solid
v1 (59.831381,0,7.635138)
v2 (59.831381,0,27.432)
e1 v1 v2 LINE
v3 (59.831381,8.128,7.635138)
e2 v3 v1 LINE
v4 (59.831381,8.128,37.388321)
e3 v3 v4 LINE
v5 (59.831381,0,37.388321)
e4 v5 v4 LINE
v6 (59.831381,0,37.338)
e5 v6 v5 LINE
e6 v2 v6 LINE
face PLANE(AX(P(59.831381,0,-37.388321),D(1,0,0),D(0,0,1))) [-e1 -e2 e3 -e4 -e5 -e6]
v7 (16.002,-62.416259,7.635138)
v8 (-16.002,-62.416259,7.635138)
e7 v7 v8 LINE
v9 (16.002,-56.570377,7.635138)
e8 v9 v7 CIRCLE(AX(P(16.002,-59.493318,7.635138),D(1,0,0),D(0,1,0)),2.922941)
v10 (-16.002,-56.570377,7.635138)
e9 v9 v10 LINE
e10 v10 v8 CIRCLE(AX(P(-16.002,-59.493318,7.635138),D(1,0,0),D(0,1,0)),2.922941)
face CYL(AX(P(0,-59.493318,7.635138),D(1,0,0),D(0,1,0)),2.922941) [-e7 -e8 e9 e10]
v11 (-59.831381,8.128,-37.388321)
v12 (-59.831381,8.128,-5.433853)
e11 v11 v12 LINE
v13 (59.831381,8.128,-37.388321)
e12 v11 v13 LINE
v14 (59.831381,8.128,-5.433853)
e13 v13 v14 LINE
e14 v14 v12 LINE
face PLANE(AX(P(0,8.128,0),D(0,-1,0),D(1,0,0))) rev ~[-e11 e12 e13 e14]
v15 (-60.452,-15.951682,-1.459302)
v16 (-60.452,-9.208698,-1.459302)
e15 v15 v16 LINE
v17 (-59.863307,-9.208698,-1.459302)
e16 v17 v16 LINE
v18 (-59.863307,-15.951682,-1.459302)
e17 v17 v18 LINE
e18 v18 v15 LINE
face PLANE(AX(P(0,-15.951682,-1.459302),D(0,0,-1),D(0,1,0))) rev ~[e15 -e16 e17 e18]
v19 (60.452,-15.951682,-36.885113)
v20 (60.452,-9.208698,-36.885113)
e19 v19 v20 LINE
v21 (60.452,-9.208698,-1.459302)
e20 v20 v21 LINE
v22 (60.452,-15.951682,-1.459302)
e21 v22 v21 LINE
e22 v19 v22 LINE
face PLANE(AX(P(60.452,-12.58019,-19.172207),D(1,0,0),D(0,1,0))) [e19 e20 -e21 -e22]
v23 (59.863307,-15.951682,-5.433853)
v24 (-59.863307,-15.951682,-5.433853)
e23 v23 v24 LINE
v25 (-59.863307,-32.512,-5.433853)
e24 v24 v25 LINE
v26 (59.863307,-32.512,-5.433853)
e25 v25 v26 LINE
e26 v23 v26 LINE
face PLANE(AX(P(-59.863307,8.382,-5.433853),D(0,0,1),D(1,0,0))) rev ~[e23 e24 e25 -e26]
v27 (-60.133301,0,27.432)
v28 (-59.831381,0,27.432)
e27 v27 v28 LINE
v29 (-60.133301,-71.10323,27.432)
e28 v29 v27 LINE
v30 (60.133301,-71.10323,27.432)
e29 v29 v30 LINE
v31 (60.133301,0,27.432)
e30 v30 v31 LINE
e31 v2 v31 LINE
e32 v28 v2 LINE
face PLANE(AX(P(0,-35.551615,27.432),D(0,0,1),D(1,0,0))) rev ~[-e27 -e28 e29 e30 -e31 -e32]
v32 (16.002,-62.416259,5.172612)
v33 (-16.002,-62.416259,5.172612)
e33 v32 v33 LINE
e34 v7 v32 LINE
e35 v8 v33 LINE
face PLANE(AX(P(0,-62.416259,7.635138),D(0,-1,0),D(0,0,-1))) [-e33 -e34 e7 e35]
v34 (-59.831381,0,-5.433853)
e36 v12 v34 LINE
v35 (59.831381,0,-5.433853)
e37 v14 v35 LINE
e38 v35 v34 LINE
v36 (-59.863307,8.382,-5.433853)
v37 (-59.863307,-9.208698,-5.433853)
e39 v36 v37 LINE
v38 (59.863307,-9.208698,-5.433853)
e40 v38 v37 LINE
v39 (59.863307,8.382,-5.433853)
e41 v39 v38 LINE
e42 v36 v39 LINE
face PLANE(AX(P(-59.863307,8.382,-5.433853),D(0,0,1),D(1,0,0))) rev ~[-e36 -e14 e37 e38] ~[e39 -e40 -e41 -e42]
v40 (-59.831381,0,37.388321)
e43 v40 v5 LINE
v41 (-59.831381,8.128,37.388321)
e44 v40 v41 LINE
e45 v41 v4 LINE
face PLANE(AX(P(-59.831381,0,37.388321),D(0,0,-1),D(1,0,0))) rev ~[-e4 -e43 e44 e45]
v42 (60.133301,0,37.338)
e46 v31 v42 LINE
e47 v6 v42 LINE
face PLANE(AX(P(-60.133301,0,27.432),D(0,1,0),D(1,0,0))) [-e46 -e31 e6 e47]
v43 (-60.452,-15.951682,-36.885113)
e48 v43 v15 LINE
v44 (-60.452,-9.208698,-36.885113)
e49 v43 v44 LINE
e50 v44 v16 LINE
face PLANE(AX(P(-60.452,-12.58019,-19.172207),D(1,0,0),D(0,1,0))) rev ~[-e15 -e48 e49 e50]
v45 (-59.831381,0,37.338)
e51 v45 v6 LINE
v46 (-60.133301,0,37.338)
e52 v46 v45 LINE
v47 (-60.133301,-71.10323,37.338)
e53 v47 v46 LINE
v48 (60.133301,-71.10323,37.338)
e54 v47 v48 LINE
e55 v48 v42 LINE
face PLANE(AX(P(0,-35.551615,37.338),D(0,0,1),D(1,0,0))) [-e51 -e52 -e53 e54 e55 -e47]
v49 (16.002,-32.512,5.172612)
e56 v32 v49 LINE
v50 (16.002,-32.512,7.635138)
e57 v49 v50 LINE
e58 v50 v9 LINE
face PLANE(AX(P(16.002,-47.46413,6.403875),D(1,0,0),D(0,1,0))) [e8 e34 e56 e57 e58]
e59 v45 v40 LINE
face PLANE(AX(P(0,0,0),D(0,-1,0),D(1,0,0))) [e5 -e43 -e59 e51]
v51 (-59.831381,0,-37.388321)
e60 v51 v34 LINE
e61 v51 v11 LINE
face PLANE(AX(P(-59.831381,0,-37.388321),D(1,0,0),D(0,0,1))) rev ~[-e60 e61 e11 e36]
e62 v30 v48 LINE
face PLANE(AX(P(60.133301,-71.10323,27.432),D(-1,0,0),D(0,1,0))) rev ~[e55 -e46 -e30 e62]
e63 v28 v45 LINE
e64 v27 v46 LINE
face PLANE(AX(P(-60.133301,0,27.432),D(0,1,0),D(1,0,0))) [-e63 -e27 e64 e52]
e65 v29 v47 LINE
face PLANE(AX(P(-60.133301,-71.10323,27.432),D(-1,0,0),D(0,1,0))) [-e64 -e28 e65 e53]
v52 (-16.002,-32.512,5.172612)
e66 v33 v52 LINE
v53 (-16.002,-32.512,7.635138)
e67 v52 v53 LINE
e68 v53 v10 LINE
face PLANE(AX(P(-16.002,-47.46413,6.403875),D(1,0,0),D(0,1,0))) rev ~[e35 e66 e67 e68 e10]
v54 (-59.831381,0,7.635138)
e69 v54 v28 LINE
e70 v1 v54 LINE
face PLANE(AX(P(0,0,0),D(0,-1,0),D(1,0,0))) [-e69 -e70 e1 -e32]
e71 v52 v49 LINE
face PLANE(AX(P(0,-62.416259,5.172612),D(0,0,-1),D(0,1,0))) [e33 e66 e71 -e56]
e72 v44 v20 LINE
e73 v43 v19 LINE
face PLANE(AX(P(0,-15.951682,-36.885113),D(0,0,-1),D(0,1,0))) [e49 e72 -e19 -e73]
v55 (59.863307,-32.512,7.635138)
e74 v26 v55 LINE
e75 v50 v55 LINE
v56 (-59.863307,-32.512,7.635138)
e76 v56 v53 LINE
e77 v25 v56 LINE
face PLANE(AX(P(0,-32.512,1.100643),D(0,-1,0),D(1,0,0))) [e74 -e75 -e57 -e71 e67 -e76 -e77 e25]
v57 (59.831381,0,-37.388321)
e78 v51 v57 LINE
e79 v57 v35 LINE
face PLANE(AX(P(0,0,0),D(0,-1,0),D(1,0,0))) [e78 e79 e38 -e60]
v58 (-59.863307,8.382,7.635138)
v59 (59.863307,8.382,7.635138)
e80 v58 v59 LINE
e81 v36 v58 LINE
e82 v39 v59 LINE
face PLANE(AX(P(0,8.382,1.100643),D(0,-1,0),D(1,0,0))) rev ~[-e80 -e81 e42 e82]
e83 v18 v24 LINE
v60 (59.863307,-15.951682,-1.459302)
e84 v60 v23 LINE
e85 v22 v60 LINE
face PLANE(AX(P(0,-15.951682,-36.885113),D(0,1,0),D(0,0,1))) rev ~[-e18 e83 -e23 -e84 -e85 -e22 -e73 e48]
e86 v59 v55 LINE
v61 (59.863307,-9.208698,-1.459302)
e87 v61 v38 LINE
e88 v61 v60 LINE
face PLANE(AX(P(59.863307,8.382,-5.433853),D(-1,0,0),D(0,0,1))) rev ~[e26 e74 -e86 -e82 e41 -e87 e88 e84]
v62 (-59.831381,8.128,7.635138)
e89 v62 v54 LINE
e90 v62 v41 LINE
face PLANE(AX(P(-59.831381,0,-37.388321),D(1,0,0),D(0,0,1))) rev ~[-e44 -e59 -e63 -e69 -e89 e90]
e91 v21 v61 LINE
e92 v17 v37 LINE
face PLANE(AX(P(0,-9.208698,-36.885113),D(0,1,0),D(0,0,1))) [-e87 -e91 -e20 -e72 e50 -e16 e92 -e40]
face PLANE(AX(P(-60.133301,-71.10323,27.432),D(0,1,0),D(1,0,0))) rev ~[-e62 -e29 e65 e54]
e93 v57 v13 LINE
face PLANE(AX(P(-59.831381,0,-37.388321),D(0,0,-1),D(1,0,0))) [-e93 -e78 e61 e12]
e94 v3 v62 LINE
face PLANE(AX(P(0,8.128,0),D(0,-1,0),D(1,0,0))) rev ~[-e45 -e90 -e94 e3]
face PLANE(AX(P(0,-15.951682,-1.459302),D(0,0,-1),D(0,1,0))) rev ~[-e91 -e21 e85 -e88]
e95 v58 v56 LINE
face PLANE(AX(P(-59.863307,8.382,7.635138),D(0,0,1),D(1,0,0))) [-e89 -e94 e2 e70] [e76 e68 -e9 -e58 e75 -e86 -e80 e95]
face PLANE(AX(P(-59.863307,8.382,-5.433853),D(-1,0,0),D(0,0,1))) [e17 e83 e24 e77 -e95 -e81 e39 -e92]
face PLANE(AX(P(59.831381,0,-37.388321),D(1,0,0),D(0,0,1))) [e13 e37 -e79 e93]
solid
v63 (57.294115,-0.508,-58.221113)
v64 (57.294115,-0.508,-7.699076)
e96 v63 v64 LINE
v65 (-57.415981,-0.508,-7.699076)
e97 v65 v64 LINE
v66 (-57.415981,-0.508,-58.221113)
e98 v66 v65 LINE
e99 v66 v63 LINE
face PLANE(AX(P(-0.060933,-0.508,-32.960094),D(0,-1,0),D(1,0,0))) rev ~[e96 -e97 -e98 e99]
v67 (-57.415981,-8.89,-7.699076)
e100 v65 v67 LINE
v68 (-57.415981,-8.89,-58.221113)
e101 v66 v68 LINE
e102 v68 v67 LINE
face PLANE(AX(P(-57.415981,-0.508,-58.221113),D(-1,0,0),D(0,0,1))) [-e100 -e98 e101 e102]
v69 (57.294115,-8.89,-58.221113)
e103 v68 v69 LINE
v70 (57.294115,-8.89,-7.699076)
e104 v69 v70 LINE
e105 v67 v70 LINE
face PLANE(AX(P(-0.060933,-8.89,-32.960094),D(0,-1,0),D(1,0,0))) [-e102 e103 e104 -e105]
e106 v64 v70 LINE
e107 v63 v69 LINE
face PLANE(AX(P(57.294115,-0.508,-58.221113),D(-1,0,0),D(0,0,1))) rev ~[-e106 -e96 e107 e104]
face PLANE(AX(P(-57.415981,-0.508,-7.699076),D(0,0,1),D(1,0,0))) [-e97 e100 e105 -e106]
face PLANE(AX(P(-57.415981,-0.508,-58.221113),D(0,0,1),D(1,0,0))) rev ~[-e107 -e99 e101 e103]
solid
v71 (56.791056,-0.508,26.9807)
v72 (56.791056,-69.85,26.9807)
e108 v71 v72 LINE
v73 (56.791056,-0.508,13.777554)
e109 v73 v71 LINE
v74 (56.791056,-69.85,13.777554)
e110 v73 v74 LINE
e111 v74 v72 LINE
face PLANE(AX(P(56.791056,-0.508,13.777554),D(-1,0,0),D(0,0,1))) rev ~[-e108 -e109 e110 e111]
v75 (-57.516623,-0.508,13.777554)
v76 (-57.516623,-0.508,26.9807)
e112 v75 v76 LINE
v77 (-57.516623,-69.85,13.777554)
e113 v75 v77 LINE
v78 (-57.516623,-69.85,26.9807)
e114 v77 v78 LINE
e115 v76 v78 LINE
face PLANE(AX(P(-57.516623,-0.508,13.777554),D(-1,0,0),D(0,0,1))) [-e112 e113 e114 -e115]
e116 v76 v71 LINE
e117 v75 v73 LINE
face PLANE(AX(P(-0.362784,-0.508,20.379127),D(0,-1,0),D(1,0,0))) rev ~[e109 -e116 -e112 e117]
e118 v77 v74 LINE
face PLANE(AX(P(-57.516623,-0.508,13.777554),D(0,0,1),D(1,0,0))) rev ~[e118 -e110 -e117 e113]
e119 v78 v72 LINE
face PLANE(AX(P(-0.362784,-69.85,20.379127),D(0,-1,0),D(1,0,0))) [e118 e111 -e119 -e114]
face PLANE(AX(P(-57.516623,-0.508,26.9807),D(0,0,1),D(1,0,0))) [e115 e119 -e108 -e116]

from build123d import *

# Parameters (mm, degrees)
F0_W      = 119.6627616882
F0_H      = 74.7766420245
F1_DEPTH  = 8.128
F3_W      = 119.7266131639
F3_H      = 13.0689910729
F4_DEPTH  = 40.894
F5_W      = 6.7429840565
F5_H      = 35.425810609
F6_DEPTH  = 60.452
F8_START  = 27.432
F7_W      = 120.2666014433
F7_H      = 71.1032301188
F8_DEPTH  = 9.906
F10_START = 0.508
F9_W      = 114.7100962698
F9_H      = 50.5220373161
F10_DEPTH = 8.382
F12_START = 0.508
F11_W     = 114.3076792359
F11_H     = 13.2031459361
F12_DEPTH = 69.342
F14_DEPTH = 16.002


with BuildPart() as f1:
    # F0 (on Front) → F1 (new body)
    with BuildSketch(Plane.XZ):
        Rectangle(F0_W, F0_H)
    extrude(amount=-F1_DEPTH)

    # F3 (on offset) → F4 (join)
    with BuildSketch(Plane.XZ.offset(-8.382)):
        with Locations((0, 1.1006427521)):
            Rectangle(F3_W, F3_H)
    extrude(amount=F4_DEPTH)

    # F5 (on Right) → F6 (join, symmetric)
    with BuildSketch(Plane.YZ):
        with Locations((-12.5801898539, -19.1722072195)):
            Rectangle(F5_W, F5_H)
    extrude(amount=F6_DEPTH, both=True)

    # F7 (on Top) → F8 (join)
    with BuildSketch(Plane.XY.offset(F8_START)):
        with Locations((0, -35.5516150594)):
            Rectangle(F7_W, F7_H)
    extrude(amount=F8_DEPTH)

    # F13 (on Right) → F14 (join, symmetric)
    with BuildSketch(Plane.YZ):
        Polygon((-62.4162591994, 5.1726119709), (-32.512, 5.1726119709), (-32.512, 7.6351382885), (-56.5703772008, 7.6351382885), (-62.4162591994, 7.6351382885), align=None)
        with BuildLine():
            Line((-62.4162591994, 7.6351382885), (-56.5703772008, 7.6351382885))
            ThreePointArc((-56.5703772008, 7.6351382885), (-59.4933182001, 10.5580792878), (-62.4162591994, 7.6351382885))
        make_face()
    extrude(amount=F14_DEPTH, both=True)


with BuildPart() as f10:
    # F9 (on Front) → F10 (new body)
    with BuildSketch(Plane.XZ.offset(F10_START)):
        with Locations((-0.0609327108, -32.9600942787)):
            Rectangle(F9_W, F9_H)
    extrude(amount=F10_DEPTH)


with BuildPart() as f12:
    # F11 (on Front) → F12 (new body)
    with BuildSketch(Plane.XZ.offset(F12_START)):
        with Locations((-0.3627836704, 20.3791270033)):
            Rectangle(F11_W, F11_H)
    extrude(amount=F12_DEPTH)


solid = Compound([f1.part, f10.part, f12.part])
